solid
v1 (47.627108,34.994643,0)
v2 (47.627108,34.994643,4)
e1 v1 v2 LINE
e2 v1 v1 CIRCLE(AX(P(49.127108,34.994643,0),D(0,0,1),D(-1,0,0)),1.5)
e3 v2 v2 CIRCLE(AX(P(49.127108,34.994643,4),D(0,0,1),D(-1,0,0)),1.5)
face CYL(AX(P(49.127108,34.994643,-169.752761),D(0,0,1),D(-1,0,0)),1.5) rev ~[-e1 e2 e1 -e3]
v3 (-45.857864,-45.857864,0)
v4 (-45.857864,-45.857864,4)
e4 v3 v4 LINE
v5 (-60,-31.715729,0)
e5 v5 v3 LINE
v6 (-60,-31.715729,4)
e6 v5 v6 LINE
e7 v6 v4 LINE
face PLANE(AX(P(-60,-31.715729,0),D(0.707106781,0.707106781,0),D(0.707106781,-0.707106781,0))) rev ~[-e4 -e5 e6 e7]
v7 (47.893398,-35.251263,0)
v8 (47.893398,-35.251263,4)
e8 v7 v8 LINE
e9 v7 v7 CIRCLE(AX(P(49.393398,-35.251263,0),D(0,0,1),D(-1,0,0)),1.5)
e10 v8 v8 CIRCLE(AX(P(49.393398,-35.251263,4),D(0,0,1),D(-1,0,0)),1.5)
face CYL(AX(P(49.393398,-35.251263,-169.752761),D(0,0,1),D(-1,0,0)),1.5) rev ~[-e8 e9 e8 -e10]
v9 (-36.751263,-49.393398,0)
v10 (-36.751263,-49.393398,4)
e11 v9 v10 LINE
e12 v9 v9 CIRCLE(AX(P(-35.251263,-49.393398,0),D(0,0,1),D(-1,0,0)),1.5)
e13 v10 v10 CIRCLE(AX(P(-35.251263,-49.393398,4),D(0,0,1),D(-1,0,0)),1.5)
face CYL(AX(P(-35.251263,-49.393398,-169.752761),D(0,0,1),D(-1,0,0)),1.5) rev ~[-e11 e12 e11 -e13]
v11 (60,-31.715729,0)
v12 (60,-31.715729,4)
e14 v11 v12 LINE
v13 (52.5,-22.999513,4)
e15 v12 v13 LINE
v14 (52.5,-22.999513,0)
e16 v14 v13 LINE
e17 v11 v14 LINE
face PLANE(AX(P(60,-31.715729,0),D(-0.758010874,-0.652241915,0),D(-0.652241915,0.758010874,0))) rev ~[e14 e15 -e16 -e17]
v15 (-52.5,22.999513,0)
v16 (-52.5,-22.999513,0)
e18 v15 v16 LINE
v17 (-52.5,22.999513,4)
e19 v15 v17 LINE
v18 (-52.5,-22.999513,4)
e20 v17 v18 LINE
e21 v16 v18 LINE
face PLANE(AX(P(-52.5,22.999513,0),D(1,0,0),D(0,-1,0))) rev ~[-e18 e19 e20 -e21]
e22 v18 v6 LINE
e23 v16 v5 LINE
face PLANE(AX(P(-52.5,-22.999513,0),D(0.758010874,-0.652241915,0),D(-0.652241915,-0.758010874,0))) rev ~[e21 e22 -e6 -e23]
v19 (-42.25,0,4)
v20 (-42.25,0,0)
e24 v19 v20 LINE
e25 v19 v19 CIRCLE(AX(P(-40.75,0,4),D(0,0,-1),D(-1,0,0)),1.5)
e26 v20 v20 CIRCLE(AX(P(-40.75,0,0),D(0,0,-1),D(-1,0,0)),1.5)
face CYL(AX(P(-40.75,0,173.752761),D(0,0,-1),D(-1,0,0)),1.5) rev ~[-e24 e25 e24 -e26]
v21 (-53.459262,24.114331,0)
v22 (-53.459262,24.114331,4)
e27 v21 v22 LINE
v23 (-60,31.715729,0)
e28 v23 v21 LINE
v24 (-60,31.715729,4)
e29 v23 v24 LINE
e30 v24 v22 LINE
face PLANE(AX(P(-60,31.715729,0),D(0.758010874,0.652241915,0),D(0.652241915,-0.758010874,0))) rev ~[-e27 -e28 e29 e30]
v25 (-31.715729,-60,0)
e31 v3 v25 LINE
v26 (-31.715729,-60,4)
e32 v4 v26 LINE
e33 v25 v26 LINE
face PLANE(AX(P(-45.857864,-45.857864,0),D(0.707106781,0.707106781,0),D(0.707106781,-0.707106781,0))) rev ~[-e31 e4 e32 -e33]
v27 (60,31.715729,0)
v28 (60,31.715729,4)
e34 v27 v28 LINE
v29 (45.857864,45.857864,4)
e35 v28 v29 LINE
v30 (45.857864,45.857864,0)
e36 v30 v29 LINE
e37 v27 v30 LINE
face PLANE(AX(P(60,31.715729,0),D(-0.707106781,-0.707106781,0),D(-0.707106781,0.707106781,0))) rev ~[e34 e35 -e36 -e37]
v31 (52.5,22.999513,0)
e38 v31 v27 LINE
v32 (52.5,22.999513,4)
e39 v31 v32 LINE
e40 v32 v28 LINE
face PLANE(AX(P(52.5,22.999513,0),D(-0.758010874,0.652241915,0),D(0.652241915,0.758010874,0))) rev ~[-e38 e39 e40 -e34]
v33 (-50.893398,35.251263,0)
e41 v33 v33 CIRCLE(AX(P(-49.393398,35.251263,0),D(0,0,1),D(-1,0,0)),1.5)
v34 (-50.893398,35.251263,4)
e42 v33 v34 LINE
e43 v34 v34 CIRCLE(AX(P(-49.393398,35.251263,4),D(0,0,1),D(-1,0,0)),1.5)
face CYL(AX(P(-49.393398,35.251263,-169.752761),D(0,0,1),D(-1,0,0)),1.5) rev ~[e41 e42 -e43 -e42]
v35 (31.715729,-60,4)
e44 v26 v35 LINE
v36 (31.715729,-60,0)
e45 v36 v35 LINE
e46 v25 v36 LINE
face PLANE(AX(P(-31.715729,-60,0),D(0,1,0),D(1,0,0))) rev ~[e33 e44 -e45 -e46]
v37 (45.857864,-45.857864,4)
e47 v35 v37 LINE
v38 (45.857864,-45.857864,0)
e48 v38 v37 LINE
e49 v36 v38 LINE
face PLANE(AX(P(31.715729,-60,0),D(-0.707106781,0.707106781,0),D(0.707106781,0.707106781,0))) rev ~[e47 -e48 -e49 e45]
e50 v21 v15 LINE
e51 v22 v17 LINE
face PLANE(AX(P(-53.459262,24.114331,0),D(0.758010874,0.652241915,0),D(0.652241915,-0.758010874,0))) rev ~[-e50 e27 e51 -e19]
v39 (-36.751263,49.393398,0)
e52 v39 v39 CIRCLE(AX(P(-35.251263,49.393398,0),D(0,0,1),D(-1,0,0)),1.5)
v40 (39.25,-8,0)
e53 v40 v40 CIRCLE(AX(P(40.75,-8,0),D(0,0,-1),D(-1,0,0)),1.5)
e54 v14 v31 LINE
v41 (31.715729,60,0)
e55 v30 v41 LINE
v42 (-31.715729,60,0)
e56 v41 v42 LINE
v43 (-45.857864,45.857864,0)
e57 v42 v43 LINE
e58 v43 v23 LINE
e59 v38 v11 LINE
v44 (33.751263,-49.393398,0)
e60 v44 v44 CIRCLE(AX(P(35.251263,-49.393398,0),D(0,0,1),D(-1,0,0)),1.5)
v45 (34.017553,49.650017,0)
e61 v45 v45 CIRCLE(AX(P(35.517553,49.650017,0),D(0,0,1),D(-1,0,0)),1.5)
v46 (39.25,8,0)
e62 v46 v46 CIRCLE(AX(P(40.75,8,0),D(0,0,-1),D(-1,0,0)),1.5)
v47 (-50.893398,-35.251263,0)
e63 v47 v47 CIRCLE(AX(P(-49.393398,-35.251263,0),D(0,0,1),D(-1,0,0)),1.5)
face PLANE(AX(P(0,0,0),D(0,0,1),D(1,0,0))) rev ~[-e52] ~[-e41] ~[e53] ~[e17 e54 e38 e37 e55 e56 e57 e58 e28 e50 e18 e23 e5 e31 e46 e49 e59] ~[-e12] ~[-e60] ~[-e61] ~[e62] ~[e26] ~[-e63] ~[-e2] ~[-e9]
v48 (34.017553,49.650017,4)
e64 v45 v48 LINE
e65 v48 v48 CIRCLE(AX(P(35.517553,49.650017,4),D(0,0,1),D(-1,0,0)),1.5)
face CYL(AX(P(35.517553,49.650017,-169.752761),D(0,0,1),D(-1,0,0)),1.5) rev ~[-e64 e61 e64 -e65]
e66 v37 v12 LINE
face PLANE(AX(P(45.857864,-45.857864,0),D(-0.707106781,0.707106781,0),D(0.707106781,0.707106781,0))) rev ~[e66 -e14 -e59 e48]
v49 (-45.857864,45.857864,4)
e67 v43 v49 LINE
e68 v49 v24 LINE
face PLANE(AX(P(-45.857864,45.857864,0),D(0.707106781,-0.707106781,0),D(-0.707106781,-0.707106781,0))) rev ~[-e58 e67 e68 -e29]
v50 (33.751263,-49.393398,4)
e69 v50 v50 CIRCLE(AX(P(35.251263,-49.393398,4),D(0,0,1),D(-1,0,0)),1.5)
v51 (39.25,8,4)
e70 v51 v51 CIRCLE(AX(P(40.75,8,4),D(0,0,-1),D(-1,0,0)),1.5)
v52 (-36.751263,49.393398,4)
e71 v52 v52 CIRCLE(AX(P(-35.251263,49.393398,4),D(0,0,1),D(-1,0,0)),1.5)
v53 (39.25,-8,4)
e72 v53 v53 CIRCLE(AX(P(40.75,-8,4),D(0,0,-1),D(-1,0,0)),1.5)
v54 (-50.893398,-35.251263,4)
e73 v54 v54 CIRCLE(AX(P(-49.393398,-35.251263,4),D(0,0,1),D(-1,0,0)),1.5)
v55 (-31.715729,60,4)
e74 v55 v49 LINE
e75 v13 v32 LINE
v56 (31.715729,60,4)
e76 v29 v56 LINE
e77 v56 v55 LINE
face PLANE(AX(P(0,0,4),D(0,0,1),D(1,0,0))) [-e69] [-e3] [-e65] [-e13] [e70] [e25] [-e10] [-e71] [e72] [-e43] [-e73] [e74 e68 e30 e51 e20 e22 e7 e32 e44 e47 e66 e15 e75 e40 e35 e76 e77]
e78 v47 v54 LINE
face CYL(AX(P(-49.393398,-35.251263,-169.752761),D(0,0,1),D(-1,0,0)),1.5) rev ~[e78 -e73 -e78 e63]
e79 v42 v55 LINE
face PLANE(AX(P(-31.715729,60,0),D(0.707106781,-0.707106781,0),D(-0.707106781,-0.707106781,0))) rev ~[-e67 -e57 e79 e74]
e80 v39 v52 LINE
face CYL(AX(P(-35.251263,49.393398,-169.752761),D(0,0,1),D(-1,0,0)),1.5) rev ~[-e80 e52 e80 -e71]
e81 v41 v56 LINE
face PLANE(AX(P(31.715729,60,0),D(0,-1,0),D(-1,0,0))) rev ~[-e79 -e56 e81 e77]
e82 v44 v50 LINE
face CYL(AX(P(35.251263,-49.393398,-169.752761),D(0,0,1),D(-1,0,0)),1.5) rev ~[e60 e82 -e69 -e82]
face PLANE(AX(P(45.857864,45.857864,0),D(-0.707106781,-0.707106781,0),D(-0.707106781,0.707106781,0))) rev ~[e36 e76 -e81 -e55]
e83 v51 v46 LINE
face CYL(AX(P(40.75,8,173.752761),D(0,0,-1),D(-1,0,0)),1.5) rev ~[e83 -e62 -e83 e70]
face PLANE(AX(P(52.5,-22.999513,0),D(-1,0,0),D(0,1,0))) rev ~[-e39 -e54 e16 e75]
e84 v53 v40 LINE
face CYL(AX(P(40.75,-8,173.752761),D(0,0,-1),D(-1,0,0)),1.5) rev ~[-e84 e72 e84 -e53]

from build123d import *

# Parameters (mm, degrees)
F5_DEPTH = 4
F7_D     = 3
F8_D     = 3


with BuildPart() as f5:
    # F4 (on Top) → F5 (new body)
    with BuildSketch(Plane.XY):
        Polygon((31.7157287525, 60), (-31.7157287525, 60), (-45.8578643763, 45.8578643763), (-60, 31.7157287525), (-53.459262274, 24.1143308548), (-52.5, 22.9995125363), (-52.5, -22.9995125363), (-60, -31.7157287525), (-45.8578643763, -45.8578643763), (-31.7157287525, -60), (31.7157287525, -60), (45.8578643763, -45.8578643763), (60, -31.7157287525), (52.5, -22.9995125363), (52.5, 22.9995125363), (60, 31.7157287525), (45.8578643763, 45.8578643763), align=None)
    extrude(amount=F5_DEPTH)

    # F7 (through all)
    with Locations(Plane.XY.offset(4)):
        with Locations((-40.75, 0), (40.75, -8), (40.75, 8)):
            Hole(F7_D / 2)

    # F8 (through all)
    with Locations(Plane(origin=(0, 0, 0), x_dir=(1, 0, 0), z_dir=(0, 0, -1))):
        with Locations((-49.3933982822, -35.2512626585), (-35.2512626585, -49.3933982822), (35.5175525155, -49.6500174851), (49.1271084251, -34.9946434556), (49.3933982822, 35.2512626585), (35.2512626585, 49.3933982822), (-35.2512626585, 49.3933982822), (-49.3933982822, 35.2512626585)):
            Hole(F8_D / 2)


solid = f5.part
